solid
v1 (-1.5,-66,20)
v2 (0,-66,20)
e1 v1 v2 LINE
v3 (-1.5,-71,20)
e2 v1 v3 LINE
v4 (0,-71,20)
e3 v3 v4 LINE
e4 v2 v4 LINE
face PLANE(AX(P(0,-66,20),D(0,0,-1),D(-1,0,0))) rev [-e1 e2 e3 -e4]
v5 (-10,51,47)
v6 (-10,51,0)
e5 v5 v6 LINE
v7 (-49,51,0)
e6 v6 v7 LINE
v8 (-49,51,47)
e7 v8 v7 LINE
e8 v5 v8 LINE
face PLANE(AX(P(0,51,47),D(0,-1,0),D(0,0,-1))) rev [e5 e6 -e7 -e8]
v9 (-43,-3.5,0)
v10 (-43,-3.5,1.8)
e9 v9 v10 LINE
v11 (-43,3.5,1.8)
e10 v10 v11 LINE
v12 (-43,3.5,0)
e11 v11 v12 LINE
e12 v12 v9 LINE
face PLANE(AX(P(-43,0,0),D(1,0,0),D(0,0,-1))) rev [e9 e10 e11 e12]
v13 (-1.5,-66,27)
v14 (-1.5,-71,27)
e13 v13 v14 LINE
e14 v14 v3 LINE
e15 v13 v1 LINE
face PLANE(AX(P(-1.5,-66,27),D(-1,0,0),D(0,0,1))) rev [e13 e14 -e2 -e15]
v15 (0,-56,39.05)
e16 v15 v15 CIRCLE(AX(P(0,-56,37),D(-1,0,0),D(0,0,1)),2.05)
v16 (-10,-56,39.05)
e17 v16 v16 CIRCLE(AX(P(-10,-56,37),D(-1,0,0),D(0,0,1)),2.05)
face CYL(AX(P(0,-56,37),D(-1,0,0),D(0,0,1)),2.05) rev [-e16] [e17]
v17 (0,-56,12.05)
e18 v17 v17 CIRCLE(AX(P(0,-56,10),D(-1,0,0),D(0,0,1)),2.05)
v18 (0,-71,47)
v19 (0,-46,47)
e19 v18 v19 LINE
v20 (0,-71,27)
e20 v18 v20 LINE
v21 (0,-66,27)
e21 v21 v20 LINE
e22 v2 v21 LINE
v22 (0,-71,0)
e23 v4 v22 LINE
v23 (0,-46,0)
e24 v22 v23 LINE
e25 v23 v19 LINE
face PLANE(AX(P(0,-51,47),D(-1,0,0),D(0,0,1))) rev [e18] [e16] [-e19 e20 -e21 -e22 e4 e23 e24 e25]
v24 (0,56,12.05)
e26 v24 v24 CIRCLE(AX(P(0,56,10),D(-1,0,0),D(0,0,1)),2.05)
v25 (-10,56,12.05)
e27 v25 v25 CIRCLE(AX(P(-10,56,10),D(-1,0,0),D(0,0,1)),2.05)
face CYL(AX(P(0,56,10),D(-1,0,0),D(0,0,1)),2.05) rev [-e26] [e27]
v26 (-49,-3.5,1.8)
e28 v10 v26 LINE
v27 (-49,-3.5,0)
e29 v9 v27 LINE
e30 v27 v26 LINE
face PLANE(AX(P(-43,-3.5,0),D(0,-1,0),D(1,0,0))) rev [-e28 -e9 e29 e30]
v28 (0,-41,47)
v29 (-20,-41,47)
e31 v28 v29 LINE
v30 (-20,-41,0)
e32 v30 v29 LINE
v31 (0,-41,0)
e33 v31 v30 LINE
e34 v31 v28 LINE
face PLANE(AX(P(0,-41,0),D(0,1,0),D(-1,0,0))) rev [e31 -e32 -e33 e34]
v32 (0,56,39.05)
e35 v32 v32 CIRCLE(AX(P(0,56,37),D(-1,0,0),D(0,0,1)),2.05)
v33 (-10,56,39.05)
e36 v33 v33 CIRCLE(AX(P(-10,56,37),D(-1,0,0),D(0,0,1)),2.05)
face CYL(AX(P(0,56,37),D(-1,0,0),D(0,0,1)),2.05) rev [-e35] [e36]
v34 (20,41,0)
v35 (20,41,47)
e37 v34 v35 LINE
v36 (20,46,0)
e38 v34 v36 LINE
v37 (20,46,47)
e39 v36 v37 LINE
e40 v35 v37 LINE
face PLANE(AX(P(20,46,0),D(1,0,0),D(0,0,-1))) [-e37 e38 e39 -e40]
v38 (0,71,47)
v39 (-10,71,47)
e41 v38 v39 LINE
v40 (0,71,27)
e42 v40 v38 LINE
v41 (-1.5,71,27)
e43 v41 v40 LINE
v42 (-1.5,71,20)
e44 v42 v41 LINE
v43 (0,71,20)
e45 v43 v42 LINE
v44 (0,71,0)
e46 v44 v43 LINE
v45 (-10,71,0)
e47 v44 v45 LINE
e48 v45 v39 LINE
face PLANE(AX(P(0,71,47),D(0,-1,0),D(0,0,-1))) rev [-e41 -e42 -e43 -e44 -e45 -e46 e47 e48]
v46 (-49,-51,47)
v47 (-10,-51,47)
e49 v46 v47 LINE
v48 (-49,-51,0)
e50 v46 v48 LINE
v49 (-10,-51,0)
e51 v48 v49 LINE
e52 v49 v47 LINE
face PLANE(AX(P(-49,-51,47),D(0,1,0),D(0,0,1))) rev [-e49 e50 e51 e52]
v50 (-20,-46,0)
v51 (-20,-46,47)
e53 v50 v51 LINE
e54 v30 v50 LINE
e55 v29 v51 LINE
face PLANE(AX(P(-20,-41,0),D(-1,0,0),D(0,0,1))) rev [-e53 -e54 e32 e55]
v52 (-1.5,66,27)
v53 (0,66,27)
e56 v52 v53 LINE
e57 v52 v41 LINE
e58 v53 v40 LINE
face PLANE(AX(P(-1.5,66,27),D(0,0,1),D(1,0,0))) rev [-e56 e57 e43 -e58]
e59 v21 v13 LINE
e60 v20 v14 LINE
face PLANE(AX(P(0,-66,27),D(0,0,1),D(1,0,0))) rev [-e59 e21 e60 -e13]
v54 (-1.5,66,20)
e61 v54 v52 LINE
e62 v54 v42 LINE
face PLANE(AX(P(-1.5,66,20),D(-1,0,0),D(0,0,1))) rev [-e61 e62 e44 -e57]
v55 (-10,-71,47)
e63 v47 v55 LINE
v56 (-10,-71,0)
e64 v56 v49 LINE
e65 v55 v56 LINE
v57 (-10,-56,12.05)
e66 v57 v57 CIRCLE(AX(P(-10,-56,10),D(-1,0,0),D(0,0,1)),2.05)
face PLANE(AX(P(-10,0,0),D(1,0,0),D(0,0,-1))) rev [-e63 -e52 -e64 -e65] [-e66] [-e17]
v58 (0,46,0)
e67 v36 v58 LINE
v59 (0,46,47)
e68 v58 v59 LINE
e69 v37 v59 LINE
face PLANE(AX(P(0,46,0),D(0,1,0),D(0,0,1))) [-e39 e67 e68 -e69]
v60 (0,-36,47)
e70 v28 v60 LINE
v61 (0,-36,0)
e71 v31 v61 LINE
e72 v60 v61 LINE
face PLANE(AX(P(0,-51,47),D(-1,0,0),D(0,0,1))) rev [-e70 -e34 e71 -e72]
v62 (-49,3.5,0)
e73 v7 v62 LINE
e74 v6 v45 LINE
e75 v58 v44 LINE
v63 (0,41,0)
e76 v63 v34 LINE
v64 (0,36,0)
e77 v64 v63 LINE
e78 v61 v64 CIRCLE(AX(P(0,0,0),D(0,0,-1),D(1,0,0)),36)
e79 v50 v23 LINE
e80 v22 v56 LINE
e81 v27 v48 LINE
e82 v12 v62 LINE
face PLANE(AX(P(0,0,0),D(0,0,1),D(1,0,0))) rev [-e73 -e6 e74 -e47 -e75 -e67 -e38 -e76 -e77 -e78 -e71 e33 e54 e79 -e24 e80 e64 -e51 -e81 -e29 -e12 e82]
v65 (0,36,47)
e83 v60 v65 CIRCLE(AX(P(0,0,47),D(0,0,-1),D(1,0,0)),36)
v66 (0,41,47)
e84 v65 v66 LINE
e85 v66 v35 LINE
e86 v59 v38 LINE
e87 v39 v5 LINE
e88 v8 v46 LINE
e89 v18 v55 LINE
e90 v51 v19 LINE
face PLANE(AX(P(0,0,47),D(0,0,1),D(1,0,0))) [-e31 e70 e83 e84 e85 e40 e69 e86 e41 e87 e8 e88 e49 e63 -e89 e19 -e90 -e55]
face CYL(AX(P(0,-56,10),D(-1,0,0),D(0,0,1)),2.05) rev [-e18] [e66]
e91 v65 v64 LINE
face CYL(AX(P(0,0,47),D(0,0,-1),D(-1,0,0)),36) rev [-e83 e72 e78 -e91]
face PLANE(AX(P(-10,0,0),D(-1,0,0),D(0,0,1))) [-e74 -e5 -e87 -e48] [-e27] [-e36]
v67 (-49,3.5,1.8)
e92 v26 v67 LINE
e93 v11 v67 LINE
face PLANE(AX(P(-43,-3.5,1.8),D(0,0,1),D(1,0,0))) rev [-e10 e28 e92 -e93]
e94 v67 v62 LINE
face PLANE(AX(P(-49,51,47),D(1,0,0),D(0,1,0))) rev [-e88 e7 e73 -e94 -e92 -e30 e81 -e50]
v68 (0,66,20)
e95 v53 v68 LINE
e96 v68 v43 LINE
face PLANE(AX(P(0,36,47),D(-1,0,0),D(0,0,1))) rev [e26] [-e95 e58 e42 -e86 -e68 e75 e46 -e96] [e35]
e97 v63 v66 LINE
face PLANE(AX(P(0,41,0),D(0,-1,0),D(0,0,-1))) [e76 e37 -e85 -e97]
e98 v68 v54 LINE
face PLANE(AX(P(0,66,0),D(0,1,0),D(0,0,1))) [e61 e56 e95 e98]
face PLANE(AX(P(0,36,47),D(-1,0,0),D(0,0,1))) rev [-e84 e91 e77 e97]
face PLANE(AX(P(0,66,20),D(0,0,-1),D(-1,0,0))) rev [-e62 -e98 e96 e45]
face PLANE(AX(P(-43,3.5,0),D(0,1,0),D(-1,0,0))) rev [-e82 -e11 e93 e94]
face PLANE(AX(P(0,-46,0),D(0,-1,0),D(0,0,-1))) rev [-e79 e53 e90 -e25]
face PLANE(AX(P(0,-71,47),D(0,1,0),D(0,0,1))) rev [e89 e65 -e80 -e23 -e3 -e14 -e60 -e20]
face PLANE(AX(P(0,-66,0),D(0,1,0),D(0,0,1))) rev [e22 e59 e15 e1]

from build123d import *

# Parameters (mm, degrees)
EXTRUDE_1_DEPTH     = 47
SKETCH_2_W          = 47
SKETCH_2_H          = 20
EXTRUDE_2_DEPTH     = 10
SKETCH_3_W          = 20
SKETCH_3_H          = 5
EXTRUDE_3_DEPTH     = 47
SKETCH_4_W          = 20
SKETCH_4_H          = 5
CUT_EXTRUDE_1_DEPTH = 99.239503256
SKETCH_5_R          = 2.05
CUT_EXTRUDE_2_DEPTH = 10
SKETCH_6_R          = 2.05
CUT_EXTRUDE_3_DEPTH = 10
SKETCH_7_W          = 1.5
SKETCH_7_H          = 7
CUT_EXTRUDE_4_DEPTH = 5
SKETCH_8_W          = 1.5
SKETCH_8_H          = 7
CUT_EXTRUDE_5_DEPTH = 5
SKETCH_9_W          = 1.8
SKETCH_9_H          = 7
CUT_EXTRUDE_6_DEPTH = 6


with BuildPart() as part:
    # 草图1 → 凸台-拉伸1 (new body)
    with BuildSketch(Plane.XY):
        with BuildLine():
            Line((0, 36), (0, 51))
            Line((0, 51), (-49, 51))
            Line((-49, 51), (-49, -51))
            Line((-49, -51), (0, -51))
            Line((0, -51), (0, -36))
            ThreePointArc((0, -36), (-36, 0), (0, 36))
        make_face()
    extrude(amount=EXTRUDE_1_DEPTH)

    # 草图2 → 凸台-拉伸2 (add)
    with BuildSketch(Plane(origin=(-10, 0, 0), x_dir=(0, 0, -1), z_dir=(1, 0, 0))):
        with Locations((-23.5, -61)):
            Rectangle(SKETCH_2_W, SKETCH_2_H)
        with Locations((-23.5, 61)):
            Rectangle(SKETCH_2_W, SKETCH_2_H)
    extrude(amount=EXTRUDE_2_DEPTH)

    # 草图3 → 凸台-拉伸3 (add, through all)
    with BuildSketch(Plane.XY.offset(47)):
        with Locations((10, 43.5)):
            Rectangle(SKETCH_3_W, SKETCH_3_H)
    extrude(amount=-EXTRUDE_3_DEPTH)

    # 草图4 → 切除-拉伸1 (cut, through all)
    with BuildSketch(Plane.XY.offset(47)):
        with Locations((-10, -43.5)):
            Rectangle(SKETCH_4_W, SKETCH_4_H)
    extrude(amount=-CUT_EXTRUDE_1_DEPTH, mode=Mode.SUBTRACT)

    # 草图5 → 切除-拉伸2 (cut)
    with BuildSketch(Plane.ZY.offset(10)):
        with Locations((10, -56)):
            Circle(SKETCH_5_R)
        with Locations((37, -56)):
            Circle(SKETCH_5_R)
    extrude(amount=-CUT_EXTRUDE_2_DEPTH, mode=Mode.SUBTRACT)

    # 草图6 → 切除-拉伸3 (cut)
    with BuildSketch(Plane.ZY.offset(10)):
        with Locations((10, 56)):
            Circle(SKETCH_6_R)
        with Locations((37, 56)):
            Circle(SKETCH_6_R)
    extrude(amount=-CUT_EXTRUDE_3_DEPTH, mode=Mode.SUBTRACT)

    # 草图7 → 切除-拉伸4 (cut)
    with BuildSketch(Plane.XZ.offset(71)):
        with Locations((-0.75, 23.5)):
            Rectangle(SKETCH_7_W, SKETCH_7_H)
    extrude(amount=-CUT_EXTRUDE_4_DEPTH, mode=Mode.SUBTRACT)

    # 草图8 → 切除-拉伸5 (cut)
    with BuildSketch(Plane(origin=(0, 71, 0), x_dir=(1, 0, 0), z_dir=(0, 1, 0))):
        with Locations((-0.75, -23.5)):
            Rectangle(SKETCH_8_W, SKETCH_8_H)
    extrude(amount=-CUT_EXTRUDE_5_DEPTH, mode=Mode.SUBTRACT)

    # 草图9 → 切除-拉伸6 (cut)
    with BuildSketch(Plane.ZY.offset(49)):
        with Locations((0.9, 0)):
            Rectangle(SKETCH_9_W, SKETCH_9_H)
    extrude(amount=-CUT_EXTRUDE_6_DEPTH, mode=Mode.SUBTRACT)


solid = part.part
